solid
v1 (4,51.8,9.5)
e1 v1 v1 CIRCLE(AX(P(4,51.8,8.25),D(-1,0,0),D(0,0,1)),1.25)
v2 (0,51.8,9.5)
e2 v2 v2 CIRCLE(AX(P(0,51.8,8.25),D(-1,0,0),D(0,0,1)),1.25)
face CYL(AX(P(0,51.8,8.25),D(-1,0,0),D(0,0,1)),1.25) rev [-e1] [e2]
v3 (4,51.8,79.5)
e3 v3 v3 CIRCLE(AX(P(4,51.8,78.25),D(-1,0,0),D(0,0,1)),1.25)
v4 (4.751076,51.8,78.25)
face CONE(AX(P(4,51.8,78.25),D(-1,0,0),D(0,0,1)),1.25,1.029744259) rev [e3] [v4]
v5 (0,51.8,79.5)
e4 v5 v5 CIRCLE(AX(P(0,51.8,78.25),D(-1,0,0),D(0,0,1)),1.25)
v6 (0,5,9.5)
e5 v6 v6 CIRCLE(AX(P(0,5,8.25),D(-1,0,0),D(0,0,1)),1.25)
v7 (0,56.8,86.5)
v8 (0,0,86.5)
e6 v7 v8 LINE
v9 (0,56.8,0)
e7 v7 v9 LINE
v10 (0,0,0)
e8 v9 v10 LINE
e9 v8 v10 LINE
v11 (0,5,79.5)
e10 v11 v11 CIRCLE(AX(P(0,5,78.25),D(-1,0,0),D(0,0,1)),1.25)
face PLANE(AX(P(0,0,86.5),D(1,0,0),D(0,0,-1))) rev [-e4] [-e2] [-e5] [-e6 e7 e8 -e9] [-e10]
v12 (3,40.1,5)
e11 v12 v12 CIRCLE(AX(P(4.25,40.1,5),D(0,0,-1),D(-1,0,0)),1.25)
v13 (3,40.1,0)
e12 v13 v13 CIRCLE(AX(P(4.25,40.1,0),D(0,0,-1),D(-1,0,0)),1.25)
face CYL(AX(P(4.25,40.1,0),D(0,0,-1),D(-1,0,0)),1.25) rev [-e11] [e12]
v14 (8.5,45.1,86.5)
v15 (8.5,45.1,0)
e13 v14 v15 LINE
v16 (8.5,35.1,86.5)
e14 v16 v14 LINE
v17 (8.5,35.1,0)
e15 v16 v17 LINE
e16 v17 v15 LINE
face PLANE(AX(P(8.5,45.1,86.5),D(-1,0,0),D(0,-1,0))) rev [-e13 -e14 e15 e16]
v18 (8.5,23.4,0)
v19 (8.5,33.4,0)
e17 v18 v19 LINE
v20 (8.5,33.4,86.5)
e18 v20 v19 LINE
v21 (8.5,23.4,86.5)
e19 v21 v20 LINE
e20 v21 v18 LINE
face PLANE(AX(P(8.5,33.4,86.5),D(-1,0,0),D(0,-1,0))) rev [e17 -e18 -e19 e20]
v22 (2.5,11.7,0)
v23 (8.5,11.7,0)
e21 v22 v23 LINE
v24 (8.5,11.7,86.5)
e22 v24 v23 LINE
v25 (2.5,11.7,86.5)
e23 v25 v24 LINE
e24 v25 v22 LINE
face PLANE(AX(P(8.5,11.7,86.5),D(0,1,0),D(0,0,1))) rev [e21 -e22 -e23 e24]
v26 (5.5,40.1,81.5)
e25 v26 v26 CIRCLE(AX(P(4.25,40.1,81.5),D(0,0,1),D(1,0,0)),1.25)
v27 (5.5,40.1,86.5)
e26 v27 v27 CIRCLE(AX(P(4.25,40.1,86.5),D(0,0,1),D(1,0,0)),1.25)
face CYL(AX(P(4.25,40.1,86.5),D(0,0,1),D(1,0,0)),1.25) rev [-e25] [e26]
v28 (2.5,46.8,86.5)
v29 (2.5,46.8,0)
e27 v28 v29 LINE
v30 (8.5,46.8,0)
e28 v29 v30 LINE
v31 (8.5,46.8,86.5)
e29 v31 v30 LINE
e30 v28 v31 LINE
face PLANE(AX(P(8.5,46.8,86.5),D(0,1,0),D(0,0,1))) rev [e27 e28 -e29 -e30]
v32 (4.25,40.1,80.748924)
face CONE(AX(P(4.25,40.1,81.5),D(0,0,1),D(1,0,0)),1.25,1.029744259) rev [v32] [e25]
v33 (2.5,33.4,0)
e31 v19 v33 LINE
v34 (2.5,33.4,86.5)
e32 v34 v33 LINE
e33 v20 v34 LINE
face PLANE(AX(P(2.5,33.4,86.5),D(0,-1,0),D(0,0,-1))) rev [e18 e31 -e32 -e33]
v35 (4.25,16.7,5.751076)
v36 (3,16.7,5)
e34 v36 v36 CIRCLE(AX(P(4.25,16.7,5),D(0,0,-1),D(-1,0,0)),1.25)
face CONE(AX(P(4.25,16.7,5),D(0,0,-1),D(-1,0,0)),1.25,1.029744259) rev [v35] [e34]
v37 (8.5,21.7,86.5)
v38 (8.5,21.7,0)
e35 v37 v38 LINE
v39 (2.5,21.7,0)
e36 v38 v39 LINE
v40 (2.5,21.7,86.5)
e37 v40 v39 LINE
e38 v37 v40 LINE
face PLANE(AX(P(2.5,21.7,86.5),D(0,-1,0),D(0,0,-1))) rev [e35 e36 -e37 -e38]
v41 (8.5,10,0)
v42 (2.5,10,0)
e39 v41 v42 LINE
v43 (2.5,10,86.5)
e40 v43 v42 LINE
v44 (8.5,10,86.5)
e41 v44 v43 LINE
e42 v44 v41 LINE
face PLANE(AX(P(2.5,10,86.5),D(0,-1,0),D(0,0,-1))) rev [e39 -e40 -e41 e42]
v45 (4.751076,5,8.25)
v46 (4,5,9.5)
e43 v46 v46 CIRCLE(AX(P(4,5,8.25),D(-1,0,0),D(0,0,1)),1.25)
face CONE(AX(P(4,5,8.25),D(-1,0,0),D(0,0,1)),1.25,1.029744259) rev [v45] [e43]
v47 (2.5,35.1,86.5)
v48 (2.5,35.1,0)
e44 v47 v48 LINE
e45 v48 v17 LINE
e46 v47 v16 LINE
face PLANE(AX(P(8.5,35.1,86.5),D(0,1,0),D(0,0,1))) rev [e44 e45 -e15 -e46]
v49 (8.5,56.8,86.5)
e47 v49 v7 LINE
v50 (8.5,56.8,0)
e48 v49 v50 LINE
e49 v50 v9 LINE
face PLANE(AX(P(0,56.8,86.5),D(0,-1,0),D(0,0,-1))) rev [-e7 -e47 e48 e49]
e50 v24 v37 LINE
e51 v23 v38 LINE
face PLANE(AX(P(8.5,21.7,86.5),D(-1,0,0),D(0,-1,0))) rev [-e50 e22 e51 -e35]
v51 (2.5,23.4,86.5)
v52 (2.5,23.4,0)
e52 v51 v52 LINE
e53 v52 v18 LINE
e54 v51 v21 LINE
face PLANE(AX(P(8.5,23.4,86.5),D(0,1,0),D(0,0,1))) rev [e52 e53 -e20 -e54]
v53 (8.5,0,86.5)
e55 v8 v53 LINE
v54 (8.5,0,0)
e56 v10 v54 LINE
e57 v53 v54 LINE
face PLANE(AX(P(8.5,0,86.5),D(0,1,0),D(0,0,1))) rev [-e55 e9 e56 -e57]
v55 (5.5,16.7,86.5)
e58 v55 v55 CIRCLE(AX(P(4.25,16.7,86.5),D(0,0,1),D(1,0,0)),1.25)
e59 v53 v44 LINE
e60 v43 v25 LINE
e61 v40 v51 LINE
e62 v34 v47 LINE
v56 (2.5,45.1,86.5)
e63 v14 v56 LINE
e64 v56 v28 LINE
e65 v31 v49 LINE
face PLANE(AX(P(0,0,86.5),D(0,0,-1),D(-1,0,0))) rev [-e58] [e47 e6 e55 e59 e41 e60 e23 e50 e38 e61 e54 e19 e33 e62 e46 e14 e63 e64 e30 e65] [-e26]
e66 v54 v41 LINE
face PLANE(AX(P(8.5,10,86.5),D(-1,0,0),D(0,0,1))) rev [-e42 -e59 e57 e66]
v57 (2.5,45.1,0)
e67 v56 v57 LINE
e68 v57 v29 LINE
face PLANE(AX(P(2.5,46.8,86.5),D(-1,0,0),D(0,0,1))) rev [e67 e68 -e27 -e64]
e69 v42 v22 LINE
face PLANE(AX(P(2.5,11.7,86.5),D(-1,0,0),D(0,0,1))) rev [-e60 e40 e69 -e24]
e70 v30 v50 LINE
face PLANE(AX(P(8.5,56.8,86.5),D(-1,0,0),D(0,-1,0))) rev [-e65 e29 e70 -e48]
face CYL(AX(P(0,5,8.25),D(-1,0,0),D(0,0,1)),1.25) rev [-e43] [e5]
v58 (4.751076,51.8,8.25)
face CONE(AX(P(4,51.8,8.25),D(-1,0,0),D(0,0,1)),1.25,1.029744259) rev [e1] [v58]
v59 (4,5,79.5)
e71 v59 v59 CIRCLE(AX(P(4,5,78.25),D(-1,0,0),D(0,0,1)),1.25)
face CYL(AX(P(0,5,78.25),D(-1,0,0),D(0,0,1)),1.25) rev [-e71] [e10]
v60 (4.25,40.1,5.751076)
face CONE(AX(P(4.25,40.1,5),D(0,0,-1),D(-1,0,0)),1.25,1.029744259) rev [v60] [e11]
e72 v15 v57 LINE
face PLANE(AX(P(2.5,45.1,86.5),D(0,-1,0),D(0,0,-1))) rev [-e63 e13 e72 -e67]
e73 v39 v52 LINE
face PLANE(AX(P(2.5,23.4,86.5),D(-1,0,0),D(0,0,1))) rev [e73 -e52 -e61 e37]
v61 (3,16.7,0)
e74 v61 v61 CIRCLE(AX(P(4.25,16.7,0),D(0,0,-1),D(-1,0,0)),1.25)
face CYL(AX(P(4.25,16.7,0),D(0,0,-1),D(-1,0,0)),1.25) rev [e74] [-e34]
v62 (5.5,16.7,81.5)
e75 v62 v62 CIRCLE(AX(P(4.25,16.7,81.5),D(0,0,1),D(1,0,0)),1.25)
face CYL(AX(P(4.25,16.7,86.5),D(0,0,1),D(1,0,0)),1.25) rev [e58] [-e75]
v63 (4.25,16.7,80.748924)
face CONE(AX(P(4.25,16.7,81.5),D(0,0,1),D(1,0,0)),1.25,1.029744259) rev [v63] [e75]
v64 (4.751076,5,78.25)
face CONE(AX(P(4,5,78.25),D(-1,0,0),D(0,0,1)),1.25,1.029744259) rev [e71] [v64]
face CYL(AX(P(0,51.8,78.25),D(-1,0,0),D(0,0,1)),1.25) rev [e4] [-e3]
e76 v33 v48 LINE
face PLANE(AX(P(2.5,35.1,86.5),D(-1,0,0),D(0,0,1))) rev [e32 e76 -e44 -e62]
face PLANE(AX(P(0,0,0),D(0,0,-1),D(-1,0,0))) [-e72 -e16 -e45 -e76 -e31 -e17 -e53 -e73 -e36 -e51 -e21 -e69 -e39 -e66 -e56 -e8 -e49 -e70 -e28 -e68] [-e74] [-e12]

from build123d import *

# Parameters (mm, degrees)
BOSS_EXTRUDE1_DEPTH            = 86.5
M3X0_5_TAPPED_HOLE2_AT_2_COUNT = 2
M3X0_5_TAPPED_HOLE2_AT_2_PITCH = 23.4
M3X0_5_TAPPED_HOLE1_AT_2_COUNT = 2
M3X0_5_TAPPED_HOLE1_AT_2_PITCH = 46.8


with BuildPart() as part:
    # Sketch1 → Boss-Extrude1 (new body)
    with BuildSketch(Plane.XY):
        Polygon((0, 0), (0, 56.8), (8.5, 56.8), (8.5, 46.8), (2.5, 46.8), (2.5, 45.1), (8.5, 45.1), (8.5, 35.1), (2.5, 35.1), (2.5, 33.4), (8.5, 33.4), (8.5, 23.4), (2.5, 23.4), (2.5, 21.7), (8.5, 21.7), (8.5, 11.7), (2.5, 11.7), (2.5, 10), (8.5, 10), (8.5, 0), align=None)
    extrude(amount=BOSS_EXTRUDE1_DEPTH)

    # Sketch4 → M3x0.5 Tapped Hole2 (revolve, cut)
    with BuildSketch(Plane(origin=(4.25, 40.1, 86.5), x_dir=(0, -1, 0), z_dir=(1, 0, 0))):
        Polygon((0, 0), (0, 5.751075774), (1.25, 5), (1.25, 0), align=None)
    m3x0_5_tapped_hole2 = revolve(axis=Axis((4.25, 40.1, 92.85), (0, 0, -1)), mode=Mode.SUBTRACT)

    # M3x0.5 Tapped Hole2 at 2: M3x0.5 Tapped Hole2 ×2
    with Locations(*[(0, -i * M3X0_5_TAPPED_HOLE2_AT_2_PITCH, 0) for i in range(1, M3X0_5_TAPPED_HOLE2_AT_2_COUNT)]):
        add(m3x0_5_tapped_hole2, mode=Mode.SUBTRACT)

    # Mirror1: M3x0.5 Tapped Hole2 across plane
    add(m3x0_5_tapped_hole2.mirror(Plane.XY.offset(43.25)), mode=Mode.SUBTRACT)

    # Mirror1 copy 1 sketch → Mirror1 copy 1 (revolve, cut)
    with BuildSketch(Plane(origin=(4.25, 16.7, 0), x_dir=(0, -1, 0), z_dir=(1, 0, 0))):
        Polygon((0, 0), (0, -5.751075774), (1.25, -5), (1.25, 0), align=None)
    revolve(axis=Axis((4.25, 16.7, -6.35), (0, 0, -1)), mode=Mode.SUBTRACT)

    # Sketch11 → M3x0.5 Tapped Hole1 (revolve, cut)
    with BuildSketch(Plane(origin=(0, 5, 8.25), x_dir=(0, 0, 1), z_dir=(0, 1, 0))):
        Polygon((0, 0), (0, 4.751075774), (1.25, 4), (1.25, 0), align=None)
    m3x0_5_tapped_hole1 = revolve(axis=Axis((-6.35, 5, 8.25), (1, 0, 0)), mode=Mode.SUBTRACT)

    # M3x0.5 Tapped Hole1 at 2: M3x0.5 Tapped Hole1 ×2
    with Locations(*[(0, i * M3X0_5_TAPPED_HOLE1_AT_2_PITCH, 0) for i in range(1, M3X0_5_TAPPED_HOLE1_AT_2_COUNT)]):
        add(m3x0_5_tapped_hole1, mode=Mode.SUBTRACT)

    # Mirror2: M3x0.5 Tapped Hole1 across plane
    add(m3x0_5_tapped_hole1.mirror(Plane(origin=(0, 0, 43.25), x_dir=(1, 0, 0), z_dir=(0, 0, -1))), mode=Mode.SUBTRACT)

    # Mirror2 copy 1 sketch → Mirror2 copy 1 (revolve, cut)
    with BuildSketch(Plane(origin=(0, 51.8, 78.25), x_dir=(0, 0, -1), z_dir=(0, 1, 0))):
        Polygon((0, 0), (0, -4.751075774), (1.25, -4), (1.25, 0), align=None)
    revolve(axis=Axis((-6.35, 51.8, 78.25), (-1, 0, 0)), mode=Mode.SUBTRACT)


solid = part.part
